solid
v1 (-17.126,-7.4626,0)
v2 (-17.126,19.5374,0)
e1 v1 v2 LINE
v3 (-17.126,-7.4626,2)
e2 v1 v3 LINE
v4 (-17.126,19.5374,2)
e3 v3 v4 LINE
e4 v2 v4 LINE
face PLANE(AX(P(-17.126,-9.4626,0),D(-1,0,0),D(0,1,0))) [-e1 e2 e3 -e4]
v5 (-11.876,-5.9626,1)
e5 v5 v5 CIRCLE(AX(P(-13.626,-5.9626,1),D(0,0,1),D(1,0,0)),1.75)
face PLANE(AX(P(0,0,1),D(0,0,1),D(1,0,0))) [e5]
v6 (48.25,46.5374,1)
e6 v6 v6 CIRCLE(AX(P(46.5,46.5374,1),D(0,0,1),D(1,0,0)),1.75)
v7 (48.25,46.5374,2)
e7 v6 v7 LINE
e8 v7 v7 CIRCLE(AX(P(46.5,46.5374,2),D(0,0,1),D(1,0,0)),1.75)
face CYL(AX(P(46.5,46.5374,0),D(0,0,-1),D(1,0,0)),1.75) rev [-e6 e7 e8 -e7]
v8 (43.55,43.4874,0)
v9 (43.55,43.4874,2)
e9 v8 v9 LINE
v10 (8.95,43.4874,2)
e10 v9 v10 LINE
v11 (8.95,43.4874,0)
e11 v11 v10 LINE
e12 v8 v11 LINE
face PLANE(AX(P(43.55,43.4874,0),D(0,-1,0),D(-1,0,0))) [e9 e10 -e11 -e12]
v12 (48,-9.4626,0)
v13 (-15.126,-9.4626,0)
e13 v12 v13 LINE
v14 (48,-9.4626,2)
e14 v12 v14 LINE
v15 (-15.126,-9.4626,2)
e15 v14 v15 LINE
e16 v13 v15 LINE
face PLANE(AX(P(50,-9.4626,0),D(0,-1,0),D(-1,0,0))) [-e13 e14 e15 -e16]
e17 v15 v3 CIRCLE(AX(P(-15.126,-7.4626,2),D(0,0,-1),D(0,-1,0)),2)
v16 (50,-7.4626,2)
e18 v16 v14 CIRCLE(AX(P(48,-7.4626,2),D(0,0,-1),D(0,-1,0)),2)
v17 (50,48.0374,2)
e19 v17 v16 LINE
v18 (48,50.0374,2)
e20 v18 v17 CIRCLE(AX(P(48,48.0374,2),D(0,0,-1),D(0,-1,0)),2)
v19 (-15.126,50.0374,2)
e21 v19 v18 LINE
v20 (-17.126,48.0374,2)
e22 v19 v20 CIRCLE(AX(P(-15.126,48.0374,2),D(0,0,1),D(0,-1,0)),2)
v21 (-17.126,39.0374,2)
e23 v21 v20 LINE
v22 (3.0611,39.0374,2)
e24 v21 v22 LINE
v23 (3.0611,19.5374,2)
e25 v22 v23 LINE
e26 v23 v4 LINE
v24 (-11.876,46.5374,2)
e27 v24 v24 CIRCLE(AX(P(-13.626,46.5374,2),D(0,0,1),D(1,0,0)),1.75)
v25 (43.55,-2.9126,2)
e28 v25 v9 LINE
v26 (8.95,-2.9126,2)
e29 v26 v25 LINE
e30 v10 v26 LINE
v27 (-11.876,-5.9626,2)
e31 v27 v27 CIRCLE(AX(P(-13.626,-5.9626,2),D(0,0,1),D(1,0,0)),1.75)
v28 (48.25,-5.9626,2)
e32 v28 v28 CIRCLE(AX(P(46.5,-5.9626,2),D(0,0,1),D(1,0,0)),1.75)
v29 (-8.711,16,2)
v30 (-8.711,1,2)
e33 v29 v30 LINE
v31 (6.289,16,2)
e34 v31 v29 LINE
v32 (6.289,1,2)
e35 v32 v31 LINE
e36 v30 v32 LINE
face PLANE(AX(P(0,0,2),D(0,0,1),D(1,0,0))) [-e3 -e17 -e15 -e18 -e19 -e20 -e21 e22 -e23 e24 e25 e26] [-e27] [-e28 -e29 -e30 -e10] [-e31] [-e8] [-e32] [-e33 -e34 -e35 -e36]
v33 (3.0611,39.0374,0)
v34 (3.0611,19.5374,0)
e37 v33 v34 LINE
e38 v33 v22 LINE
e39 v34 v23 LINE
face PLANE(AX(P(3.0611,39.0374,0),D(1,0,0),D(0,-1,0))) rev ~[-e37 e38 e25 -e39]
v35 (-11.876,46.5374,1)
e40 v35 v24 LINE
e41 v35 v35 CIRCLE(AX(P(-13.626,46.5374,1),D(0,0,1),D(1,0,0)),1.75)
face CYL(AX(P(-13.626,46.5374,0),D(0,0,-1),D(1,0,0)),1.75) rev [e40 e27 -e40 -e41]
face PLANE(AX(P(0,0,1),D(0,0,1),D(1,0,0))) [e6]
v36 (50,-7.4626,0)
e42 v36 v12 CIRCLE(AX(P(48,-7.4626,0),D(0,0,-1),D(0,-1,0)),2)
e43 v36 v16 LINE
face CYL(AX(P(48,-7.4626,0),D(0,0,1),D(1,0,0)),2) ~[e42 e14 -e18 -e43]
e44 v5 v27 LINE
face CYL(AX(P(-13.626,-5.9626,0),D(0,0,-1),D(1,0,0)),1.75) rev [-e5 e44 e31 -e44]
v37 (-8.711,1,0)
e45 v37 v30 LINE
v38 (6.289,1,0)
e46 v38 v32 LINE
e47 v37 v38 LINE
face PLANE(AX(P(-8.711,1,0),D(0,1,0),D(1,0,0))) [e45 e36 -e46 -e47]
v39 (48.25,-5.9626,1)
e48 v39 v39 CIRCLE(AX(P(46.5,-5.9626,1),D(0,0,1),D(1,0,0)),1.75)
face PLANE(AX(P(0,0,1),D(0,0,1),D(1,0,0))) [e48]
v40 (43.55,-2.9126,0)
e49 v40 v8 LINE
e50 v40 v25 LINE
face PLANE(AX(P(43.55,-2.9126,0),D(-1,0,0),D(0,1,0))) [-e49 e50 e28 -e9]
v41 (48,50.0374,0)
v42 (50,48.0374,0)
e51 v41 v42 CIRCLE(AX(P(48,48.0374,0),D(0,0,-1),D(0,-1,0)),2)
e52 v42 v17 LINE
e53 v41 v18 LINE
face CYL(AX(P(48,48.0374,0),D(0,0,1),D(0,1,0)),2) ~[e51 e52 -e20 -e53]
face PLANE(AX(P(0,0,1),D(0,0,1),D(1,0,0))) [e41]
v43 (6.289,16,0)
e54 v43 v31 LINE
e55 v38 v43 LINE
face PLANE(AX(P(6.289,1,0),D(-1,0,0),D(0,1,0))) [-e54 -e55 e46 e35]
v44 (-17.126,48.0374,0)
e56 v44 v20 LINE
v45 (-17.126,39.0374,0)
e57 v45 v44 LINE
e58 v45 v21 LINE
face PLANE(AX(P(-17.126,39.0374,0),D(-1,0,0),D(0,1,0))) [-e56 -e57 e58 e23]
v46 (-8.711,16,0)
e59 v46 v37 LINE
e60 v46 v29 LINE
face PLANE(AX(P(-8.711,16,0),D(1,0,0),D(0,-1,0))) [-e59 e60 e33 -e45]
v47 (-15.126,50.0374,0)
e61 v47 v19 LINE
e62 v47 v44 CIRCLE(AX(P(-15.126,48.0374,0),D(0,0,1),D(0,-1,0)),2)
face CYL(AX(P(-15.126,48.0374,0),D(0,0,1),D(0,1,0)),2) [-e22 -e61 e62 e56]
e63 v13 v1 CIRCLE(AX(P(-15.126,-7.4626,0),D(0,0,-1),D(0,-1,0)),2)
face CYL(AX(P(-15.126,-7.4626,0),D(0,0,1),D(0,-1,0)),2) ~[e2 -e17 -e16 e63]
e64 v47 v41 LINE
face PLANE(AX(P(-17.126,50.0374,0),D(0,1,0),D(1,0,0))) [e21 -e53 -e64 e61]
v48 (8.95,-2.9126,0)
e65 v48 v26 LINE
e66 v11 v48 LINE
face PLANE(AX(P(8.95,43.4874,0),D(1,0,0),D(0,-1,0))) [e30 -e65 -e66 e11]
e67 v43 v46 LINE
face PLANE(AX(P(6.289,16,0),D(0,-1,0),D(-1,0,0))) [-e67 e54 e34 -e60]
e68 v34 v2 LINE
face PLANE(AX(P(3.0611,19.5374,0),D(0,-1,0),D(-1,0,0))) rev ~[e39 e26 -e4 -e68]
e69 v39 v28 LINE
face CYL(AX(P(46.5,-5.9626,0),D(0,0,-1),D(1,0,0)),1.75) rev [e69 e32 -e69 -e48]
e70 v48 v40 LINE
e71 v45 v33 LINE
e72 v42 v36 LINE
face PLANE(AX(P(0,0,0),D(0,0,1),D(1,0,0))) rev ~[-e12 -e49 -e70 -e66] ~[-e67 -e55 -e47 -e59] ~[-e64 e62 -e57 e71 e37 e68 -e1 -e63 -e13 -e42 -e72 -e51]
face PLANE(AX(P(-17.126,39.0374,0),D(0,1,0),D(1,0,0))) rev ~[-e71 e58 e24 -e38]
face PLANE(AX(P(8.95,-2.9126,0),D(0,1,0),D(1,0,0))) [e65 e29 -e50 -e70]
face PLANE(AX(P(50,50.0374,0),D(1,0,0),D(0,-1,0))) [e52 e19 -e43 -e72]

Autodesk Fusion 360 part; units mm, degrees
sketch "Sketch1" plane through (0, 0, 0) normal (0, 0, 1) x (1, 0, 0)
  line L0 (-17.126, 50.0374) -> (50, 50.0374)
  line L1 (50, 50.0374) -> (50, -9.4626)
  line L2 (50, -9.4626) -> (-17.126, -9.4626)
  line L3 (-17.126, -9.4626) -> (-17.126, 50.0374)
  circle A0 centre (-13.626, 46.5374) radius 1.75
  circle A1 centre (46.5, 46.5374) radius 1.75
  circle A2 centre (46.5, -5.9626) radius 1.75
  circle A3 centre (-13.626, -5.9626) radius 1.75
  line L4 (-17.1389, 39.0374) -> (3.0611, 39.0374)
  line L5 (3.0611, 39.0374) -> (3.0611, 19.5374)
  line L6 (3.0611, 19.5374) -> (-17.1389, 19.5374)
  line L7 (-17.1389, 19.5374) -> (-17.1389, 39.0374)
  line L8 (6.289, 16) -> (-8.711, 16)
  line L9 (-8.711, 16) -> (-8.711, 1)
  line L10 (-8.711, 1) -> (6.289, 1)
  line L11 (6.289, 1) -> (6.289, 16)
  line L12 (43.55, 43.4874) -> (8.95, 43.4874)
  line L13 (8.95, 43.4874) -> (8.95, -2.9126)
  line L14 (8.95, -2.9126) -> (43.55, -2.9126)
  line L15 (43.55, -2.9126) -> (43.55, 43.4874)
  dimension "d1" = 59.5
  dimension "d2" = 67.126
  dimension "d5" = 3.5
  dimension "d6" = 3.5
  dimension "d7" = 3.5
  dimension "d8" = 3.5
  dimension "d9" = 3.5
  dimension "d10" = 3.5
  dimension "d11" = 3.5
  dimension "d12" = 3.5
  dimension "d13" = 3.5
  dimension "d14" = 3.5
  dimension "d15" = 3.5
  dimension "d16" = 3.5
  dimension "d23" = 20.2
  dimension "d24" = 19.5
  dimension "d25" = 11
  dimension "d26" = 15
  dimension "d27" = 15
  dimension "d28" = 8.415
  dimension "d29" = 34.6
  dimension "d30" = 46.4
  dimension "d31" = 6.55
  dimension "d32" = 6.45
extrude "Extrude2" add sketch "Sketch1" along normal blind 2 contours L0 L1 L2 L3 L4 L5 L6
fillet "Fillet1" radius 2 4 edges at (50, -9.4626, 1) (-17.126, -9.4626, 1) (50, 50.0374, 1) (-17.126, 50.0374, 1)
extrude "Extrude3" add sketch "Sketch1" along normal blind 1 contours A0 | A1 | A2 | A3
